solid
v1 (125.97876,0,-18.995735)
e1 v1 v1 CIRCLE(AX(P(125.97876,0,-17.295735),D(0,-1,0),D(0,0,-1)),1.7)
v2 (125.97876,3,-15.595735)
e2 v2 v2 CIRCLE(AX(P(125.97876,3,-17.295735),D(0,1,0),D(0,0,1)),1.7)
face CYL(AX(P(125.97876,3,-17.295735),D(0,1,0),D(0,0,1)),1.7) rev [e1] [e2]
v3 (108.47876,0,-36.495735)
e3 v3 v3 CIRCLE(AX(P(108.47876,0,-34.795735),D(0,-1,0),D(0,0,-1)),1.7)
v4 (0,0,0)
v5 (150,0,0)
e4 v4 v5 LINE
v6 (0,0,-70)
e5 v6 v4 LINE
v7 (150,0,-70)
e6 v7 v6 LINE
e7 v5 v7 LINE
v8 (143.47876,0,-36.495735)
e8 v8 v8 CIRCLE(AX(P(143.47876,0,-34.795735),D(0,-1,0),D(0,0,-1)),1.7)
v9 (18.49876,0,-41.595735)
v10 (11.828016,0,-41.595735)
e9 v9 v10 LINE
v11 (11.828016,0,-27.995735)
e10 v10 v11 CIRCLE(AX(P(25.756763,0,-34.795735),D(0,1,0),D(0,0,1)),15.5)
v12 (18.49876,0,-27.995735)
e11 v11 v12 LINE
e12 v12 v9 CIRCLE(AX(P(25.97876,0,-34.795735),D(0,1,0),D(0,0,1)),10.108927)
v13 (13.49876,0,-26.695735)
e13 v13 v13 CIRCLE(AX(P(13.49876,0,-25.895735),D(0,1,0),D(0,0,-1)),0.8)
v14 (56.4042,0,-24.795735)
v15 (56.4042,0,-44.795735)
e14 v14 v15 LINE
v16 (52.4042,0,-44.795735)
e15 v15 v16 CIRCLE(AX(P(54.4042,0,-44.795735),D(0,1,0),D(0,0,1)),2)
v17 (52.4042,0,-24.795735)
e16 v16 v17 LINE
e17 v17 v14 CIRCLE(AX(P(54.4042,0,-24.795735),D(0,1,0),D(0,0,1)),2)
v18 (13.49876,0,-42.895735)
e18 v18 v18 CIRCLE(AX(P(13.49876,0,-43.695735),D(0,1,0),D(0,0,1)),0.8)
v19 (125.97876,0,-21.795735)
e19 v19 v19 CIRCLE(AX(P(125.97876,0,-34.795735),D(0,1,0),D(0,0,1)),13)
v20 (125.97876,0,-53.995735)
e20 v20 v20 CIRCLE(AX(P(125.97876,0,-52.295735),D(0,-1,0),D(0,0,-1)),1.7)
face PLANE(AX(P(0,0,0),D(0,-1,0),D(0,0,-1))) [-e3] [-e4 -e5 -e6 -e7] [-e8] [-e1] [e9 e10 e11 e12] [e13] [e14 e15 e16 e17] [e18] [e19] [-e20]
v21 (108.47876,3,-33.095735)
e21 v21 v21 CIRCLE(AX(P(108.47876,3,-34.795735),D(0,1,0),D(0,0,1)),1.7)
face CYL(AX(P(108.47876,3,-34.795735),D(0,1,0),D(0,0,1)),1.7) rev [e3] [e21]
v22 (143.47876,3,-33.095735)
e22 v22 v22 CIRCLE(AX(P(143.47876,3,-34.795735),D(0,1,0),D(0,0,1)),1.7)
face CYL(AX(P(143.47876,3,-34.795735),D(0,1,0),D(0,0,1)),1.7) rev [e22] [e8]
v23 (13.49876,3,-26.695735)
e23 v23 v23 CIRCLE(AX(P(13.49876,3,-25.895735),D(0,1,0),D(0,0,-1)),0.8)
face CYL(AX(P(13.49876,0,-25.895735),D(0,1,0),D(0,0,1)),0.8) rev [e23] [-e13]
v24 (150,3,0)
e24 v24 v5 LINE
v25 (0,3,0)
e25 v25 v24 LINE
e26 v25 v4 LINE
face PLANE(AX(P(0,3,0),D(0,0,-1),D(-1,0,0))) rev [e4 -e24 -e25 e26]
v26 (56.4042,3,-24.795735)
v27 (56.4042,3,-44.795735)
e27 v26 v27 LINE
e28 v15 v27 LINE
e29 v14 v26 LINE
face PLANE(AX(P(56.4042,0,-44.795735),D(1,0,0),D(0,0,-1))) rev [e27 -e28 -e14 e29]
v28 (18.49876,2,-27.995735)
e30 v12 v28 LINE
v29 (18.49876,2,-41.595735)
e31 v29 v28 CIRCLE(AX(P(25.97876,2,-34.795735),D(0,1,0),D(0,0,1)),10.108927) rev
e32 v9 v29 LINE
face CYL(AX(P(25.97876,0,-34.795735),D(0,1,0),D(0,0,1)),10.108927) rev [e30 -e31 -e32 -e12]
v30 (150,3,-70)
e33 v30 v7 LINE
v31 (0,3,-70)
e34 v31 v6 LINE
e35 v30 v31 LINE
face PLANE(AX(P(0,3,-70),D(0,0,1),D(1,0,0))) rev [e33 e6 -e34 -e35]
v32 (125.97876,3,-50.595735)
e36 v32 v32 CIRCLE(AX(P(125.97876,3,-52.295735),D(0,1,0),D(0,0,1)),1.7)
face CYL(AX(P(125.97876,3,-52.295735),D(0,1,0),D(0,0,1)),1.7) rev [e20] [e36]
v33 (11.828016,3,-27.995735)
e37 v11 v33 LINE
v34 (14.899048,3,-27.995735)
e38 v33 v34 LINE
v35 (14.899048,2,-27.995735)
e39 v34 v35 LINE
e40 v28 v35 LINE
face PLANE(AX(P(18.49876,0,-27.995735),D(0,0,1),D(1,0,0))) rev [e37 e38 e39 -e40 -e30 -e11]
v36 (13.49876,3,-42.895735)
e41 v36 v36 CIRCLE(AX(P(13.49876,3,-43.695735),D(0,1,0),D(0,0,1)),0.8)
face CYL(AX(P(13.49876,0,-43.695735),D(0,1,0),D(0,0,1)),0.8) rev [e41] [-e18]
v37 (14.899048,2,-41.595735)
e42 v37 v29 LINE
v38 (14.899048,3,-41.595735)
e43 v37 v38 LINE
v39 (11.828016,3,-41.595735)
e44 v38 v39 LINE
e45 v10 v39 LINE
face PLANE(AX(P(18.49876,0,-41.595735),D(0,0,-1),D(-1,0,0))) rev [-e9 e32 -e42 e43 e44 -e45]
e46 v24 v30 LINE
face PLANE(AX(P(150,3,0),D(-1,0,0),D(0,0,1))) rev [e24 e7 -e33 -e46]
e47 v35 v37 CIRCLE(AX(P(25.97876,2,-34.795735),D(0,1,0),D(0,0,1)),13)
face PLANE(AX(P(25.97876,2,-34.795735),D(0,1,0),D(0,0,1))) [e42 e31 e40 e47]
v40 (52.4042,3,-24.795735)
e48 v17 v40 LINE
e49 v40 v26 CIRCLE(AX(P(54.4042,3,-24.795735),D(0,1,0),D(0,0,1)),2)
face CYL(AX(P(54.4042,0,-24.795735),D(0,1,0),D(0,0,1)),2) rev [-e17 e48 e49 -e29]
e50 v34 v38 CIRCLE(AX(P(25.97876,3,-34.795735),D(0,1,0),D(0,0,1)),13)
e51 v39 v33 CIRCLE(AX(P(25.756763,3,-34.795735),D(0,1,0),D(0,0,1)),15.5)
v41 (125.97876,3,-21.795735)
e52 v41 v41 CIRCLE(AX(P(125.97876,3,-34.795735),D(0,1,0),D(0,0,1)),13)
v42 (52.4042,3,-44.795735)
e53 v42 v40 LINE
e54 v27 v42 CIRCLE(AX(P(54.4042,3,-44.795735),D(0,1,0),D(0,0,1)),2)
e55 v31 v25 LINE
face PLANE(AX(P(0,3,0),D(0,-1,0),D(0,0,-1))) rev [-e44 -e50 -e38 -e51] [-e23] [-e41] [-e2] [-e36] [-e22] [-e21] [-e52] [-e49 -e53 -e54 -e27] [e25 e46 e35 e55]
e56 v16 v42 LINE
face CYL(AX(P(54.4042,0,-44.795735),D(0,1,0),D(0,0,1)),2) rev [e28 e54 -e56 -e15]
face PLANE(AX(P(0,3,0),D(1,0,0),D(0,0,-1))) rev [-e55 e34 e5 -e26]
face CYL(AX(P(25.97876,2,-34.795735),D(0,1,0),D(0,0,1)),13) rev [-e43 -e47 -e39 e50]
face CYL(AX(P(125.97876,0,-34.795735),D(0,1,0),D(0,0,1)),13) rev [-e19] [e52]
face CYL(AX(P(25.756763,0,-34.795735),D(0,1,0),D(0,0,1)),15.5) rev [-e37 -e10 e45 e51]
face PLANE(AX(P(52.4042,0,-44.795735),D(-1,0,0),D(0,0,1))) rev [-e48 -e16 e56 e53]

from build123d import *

# Parameters (mm, degrees)
SKETCH1_W                = 150
SKETCH1_H                = 70
BOSS_EXTRUDE1_DEPTH      = 3
SKETCH2_R                = 13
SKETCH2_R_2              = 0.8
CUT_EXTRUDE1_DEPTH       = 166.556636835
SKETCH3_R                = 13
CUT_EXTRUDE2_DEPTH       = 1
M3_CLEARANCE_HOLE1_D     = 3.4
M3_CLEARANCE_HOLE1_DEPTH = 7
M3_CLEARANCE_HOLE1_TIP   = 1.021463052


with BuildPart() as part:
    # Sketch1 → Boss-Extrude1 (new body)
    with BuildSketch(Plane(origin=(0, 0, 0), x_dir=(1, 0, 0), z_dir=(0, 1, 0))):
        with Locations((75, 35)):
            Rectangle(SKETCH1_W, SKETCH1_H)
    extrude(amount=BOSS_EXTRUDE1_DEPTH)

    # Sketch2 → Cut-Extrude1 (cut, through all)
    with BuildSketch(Plane(origin=(0, 3, 0), x_dir=(1, 0, 0), z_dir=(0, 1, 0))):
        with Locations(Location((125.978759571, 34.795735311, 0), (0, 0, 270))):
            Circle(SKETCH2_R)
        with Locations(Location((13.498759571, 43.695735311, 0), (0, 0, 270))):
            Circle(SKETCH2_R_2)
        with Locations(Location((13.498759571, 25.895735311, 0), (0, 0, 90))):
            Circle(SKETCH2_R_2)
        with BuildLine():
            Line((56.404199608, 44.795735311), (56.404199608, 24.795735311))
            ThreePointArc((56.404199608, 24.795735311), (54.404199608, 22.795735311), (52.404199608, 24.795735311))
            Line((52.404199608, 24.795735311), (52.404199608, 44.795735311))
            ThreePointArc((52.404199608, 44.795735311), (54.404199608, 46.795735311), (56.404199608, 44.795735311))
        make_face()
        with BuildLine():
            Line((18.498759571, 41.595735311), (11.828015738, 41.595735311))
            ThreePointArc((11.828015738, 41.595735311), (10.256762989, 34.795735311), (11.828015738, 27.995735311))
            Line((11.828015738, 27.995735311), (18.498759571, 27.995735311))
            ThreePointArc((18.498759571, 27.995735311), (36.08768632, 34.795735311), (18.498759571, 41.595735311))
        make_face()
    extrude(amount=-CUT_EXTRUDE1_DEPTH, mode=Mode.SUBTRACT)

    # Sketch3 → Cut-Extrude2 (cut)
    with BuildSketch(Plane(origin=(0, 3, 0), x_dir=(1, 0, 0), z_dir=(0, 1, 0))):
        with Locations((25.978759571, 34.795735311)):
            Circle(SKETCH3_R)
    extrude(amount=-CUT_EXTRUDE2_DEPTH, mode=Mode.SUBTRACT)

    # M3 Clearance Hole1
    with Locations(Plane(origin=(0, 3, 0), x_dir=(1, 0, 0), z_dir=(0, 1, 0))):
        with Locations((143.478759571, 34.795735311), (125.978759571, 52.295735311), (108.478759571, 34.795735311), (125.978759571, 17.295735311)):
            Hole(M3_CLEARANCE_HOLE1_D / 2, depth=M3_CLEARANCE_HOLE1_DEPTH)
            with Locations((0, 0, -(M3_CLEARANCE_HOLE1_DEPTH + M3_CLEARANCE_HOLE1_TIP / 2))):  # 118° drill point
                Cone(0, M3_CLEARANCE_HOLE1_D / 2, M3_CLEARANCE_HOLE1_TIP, mode=Mode.SUBTRACT)


solid = part.part
